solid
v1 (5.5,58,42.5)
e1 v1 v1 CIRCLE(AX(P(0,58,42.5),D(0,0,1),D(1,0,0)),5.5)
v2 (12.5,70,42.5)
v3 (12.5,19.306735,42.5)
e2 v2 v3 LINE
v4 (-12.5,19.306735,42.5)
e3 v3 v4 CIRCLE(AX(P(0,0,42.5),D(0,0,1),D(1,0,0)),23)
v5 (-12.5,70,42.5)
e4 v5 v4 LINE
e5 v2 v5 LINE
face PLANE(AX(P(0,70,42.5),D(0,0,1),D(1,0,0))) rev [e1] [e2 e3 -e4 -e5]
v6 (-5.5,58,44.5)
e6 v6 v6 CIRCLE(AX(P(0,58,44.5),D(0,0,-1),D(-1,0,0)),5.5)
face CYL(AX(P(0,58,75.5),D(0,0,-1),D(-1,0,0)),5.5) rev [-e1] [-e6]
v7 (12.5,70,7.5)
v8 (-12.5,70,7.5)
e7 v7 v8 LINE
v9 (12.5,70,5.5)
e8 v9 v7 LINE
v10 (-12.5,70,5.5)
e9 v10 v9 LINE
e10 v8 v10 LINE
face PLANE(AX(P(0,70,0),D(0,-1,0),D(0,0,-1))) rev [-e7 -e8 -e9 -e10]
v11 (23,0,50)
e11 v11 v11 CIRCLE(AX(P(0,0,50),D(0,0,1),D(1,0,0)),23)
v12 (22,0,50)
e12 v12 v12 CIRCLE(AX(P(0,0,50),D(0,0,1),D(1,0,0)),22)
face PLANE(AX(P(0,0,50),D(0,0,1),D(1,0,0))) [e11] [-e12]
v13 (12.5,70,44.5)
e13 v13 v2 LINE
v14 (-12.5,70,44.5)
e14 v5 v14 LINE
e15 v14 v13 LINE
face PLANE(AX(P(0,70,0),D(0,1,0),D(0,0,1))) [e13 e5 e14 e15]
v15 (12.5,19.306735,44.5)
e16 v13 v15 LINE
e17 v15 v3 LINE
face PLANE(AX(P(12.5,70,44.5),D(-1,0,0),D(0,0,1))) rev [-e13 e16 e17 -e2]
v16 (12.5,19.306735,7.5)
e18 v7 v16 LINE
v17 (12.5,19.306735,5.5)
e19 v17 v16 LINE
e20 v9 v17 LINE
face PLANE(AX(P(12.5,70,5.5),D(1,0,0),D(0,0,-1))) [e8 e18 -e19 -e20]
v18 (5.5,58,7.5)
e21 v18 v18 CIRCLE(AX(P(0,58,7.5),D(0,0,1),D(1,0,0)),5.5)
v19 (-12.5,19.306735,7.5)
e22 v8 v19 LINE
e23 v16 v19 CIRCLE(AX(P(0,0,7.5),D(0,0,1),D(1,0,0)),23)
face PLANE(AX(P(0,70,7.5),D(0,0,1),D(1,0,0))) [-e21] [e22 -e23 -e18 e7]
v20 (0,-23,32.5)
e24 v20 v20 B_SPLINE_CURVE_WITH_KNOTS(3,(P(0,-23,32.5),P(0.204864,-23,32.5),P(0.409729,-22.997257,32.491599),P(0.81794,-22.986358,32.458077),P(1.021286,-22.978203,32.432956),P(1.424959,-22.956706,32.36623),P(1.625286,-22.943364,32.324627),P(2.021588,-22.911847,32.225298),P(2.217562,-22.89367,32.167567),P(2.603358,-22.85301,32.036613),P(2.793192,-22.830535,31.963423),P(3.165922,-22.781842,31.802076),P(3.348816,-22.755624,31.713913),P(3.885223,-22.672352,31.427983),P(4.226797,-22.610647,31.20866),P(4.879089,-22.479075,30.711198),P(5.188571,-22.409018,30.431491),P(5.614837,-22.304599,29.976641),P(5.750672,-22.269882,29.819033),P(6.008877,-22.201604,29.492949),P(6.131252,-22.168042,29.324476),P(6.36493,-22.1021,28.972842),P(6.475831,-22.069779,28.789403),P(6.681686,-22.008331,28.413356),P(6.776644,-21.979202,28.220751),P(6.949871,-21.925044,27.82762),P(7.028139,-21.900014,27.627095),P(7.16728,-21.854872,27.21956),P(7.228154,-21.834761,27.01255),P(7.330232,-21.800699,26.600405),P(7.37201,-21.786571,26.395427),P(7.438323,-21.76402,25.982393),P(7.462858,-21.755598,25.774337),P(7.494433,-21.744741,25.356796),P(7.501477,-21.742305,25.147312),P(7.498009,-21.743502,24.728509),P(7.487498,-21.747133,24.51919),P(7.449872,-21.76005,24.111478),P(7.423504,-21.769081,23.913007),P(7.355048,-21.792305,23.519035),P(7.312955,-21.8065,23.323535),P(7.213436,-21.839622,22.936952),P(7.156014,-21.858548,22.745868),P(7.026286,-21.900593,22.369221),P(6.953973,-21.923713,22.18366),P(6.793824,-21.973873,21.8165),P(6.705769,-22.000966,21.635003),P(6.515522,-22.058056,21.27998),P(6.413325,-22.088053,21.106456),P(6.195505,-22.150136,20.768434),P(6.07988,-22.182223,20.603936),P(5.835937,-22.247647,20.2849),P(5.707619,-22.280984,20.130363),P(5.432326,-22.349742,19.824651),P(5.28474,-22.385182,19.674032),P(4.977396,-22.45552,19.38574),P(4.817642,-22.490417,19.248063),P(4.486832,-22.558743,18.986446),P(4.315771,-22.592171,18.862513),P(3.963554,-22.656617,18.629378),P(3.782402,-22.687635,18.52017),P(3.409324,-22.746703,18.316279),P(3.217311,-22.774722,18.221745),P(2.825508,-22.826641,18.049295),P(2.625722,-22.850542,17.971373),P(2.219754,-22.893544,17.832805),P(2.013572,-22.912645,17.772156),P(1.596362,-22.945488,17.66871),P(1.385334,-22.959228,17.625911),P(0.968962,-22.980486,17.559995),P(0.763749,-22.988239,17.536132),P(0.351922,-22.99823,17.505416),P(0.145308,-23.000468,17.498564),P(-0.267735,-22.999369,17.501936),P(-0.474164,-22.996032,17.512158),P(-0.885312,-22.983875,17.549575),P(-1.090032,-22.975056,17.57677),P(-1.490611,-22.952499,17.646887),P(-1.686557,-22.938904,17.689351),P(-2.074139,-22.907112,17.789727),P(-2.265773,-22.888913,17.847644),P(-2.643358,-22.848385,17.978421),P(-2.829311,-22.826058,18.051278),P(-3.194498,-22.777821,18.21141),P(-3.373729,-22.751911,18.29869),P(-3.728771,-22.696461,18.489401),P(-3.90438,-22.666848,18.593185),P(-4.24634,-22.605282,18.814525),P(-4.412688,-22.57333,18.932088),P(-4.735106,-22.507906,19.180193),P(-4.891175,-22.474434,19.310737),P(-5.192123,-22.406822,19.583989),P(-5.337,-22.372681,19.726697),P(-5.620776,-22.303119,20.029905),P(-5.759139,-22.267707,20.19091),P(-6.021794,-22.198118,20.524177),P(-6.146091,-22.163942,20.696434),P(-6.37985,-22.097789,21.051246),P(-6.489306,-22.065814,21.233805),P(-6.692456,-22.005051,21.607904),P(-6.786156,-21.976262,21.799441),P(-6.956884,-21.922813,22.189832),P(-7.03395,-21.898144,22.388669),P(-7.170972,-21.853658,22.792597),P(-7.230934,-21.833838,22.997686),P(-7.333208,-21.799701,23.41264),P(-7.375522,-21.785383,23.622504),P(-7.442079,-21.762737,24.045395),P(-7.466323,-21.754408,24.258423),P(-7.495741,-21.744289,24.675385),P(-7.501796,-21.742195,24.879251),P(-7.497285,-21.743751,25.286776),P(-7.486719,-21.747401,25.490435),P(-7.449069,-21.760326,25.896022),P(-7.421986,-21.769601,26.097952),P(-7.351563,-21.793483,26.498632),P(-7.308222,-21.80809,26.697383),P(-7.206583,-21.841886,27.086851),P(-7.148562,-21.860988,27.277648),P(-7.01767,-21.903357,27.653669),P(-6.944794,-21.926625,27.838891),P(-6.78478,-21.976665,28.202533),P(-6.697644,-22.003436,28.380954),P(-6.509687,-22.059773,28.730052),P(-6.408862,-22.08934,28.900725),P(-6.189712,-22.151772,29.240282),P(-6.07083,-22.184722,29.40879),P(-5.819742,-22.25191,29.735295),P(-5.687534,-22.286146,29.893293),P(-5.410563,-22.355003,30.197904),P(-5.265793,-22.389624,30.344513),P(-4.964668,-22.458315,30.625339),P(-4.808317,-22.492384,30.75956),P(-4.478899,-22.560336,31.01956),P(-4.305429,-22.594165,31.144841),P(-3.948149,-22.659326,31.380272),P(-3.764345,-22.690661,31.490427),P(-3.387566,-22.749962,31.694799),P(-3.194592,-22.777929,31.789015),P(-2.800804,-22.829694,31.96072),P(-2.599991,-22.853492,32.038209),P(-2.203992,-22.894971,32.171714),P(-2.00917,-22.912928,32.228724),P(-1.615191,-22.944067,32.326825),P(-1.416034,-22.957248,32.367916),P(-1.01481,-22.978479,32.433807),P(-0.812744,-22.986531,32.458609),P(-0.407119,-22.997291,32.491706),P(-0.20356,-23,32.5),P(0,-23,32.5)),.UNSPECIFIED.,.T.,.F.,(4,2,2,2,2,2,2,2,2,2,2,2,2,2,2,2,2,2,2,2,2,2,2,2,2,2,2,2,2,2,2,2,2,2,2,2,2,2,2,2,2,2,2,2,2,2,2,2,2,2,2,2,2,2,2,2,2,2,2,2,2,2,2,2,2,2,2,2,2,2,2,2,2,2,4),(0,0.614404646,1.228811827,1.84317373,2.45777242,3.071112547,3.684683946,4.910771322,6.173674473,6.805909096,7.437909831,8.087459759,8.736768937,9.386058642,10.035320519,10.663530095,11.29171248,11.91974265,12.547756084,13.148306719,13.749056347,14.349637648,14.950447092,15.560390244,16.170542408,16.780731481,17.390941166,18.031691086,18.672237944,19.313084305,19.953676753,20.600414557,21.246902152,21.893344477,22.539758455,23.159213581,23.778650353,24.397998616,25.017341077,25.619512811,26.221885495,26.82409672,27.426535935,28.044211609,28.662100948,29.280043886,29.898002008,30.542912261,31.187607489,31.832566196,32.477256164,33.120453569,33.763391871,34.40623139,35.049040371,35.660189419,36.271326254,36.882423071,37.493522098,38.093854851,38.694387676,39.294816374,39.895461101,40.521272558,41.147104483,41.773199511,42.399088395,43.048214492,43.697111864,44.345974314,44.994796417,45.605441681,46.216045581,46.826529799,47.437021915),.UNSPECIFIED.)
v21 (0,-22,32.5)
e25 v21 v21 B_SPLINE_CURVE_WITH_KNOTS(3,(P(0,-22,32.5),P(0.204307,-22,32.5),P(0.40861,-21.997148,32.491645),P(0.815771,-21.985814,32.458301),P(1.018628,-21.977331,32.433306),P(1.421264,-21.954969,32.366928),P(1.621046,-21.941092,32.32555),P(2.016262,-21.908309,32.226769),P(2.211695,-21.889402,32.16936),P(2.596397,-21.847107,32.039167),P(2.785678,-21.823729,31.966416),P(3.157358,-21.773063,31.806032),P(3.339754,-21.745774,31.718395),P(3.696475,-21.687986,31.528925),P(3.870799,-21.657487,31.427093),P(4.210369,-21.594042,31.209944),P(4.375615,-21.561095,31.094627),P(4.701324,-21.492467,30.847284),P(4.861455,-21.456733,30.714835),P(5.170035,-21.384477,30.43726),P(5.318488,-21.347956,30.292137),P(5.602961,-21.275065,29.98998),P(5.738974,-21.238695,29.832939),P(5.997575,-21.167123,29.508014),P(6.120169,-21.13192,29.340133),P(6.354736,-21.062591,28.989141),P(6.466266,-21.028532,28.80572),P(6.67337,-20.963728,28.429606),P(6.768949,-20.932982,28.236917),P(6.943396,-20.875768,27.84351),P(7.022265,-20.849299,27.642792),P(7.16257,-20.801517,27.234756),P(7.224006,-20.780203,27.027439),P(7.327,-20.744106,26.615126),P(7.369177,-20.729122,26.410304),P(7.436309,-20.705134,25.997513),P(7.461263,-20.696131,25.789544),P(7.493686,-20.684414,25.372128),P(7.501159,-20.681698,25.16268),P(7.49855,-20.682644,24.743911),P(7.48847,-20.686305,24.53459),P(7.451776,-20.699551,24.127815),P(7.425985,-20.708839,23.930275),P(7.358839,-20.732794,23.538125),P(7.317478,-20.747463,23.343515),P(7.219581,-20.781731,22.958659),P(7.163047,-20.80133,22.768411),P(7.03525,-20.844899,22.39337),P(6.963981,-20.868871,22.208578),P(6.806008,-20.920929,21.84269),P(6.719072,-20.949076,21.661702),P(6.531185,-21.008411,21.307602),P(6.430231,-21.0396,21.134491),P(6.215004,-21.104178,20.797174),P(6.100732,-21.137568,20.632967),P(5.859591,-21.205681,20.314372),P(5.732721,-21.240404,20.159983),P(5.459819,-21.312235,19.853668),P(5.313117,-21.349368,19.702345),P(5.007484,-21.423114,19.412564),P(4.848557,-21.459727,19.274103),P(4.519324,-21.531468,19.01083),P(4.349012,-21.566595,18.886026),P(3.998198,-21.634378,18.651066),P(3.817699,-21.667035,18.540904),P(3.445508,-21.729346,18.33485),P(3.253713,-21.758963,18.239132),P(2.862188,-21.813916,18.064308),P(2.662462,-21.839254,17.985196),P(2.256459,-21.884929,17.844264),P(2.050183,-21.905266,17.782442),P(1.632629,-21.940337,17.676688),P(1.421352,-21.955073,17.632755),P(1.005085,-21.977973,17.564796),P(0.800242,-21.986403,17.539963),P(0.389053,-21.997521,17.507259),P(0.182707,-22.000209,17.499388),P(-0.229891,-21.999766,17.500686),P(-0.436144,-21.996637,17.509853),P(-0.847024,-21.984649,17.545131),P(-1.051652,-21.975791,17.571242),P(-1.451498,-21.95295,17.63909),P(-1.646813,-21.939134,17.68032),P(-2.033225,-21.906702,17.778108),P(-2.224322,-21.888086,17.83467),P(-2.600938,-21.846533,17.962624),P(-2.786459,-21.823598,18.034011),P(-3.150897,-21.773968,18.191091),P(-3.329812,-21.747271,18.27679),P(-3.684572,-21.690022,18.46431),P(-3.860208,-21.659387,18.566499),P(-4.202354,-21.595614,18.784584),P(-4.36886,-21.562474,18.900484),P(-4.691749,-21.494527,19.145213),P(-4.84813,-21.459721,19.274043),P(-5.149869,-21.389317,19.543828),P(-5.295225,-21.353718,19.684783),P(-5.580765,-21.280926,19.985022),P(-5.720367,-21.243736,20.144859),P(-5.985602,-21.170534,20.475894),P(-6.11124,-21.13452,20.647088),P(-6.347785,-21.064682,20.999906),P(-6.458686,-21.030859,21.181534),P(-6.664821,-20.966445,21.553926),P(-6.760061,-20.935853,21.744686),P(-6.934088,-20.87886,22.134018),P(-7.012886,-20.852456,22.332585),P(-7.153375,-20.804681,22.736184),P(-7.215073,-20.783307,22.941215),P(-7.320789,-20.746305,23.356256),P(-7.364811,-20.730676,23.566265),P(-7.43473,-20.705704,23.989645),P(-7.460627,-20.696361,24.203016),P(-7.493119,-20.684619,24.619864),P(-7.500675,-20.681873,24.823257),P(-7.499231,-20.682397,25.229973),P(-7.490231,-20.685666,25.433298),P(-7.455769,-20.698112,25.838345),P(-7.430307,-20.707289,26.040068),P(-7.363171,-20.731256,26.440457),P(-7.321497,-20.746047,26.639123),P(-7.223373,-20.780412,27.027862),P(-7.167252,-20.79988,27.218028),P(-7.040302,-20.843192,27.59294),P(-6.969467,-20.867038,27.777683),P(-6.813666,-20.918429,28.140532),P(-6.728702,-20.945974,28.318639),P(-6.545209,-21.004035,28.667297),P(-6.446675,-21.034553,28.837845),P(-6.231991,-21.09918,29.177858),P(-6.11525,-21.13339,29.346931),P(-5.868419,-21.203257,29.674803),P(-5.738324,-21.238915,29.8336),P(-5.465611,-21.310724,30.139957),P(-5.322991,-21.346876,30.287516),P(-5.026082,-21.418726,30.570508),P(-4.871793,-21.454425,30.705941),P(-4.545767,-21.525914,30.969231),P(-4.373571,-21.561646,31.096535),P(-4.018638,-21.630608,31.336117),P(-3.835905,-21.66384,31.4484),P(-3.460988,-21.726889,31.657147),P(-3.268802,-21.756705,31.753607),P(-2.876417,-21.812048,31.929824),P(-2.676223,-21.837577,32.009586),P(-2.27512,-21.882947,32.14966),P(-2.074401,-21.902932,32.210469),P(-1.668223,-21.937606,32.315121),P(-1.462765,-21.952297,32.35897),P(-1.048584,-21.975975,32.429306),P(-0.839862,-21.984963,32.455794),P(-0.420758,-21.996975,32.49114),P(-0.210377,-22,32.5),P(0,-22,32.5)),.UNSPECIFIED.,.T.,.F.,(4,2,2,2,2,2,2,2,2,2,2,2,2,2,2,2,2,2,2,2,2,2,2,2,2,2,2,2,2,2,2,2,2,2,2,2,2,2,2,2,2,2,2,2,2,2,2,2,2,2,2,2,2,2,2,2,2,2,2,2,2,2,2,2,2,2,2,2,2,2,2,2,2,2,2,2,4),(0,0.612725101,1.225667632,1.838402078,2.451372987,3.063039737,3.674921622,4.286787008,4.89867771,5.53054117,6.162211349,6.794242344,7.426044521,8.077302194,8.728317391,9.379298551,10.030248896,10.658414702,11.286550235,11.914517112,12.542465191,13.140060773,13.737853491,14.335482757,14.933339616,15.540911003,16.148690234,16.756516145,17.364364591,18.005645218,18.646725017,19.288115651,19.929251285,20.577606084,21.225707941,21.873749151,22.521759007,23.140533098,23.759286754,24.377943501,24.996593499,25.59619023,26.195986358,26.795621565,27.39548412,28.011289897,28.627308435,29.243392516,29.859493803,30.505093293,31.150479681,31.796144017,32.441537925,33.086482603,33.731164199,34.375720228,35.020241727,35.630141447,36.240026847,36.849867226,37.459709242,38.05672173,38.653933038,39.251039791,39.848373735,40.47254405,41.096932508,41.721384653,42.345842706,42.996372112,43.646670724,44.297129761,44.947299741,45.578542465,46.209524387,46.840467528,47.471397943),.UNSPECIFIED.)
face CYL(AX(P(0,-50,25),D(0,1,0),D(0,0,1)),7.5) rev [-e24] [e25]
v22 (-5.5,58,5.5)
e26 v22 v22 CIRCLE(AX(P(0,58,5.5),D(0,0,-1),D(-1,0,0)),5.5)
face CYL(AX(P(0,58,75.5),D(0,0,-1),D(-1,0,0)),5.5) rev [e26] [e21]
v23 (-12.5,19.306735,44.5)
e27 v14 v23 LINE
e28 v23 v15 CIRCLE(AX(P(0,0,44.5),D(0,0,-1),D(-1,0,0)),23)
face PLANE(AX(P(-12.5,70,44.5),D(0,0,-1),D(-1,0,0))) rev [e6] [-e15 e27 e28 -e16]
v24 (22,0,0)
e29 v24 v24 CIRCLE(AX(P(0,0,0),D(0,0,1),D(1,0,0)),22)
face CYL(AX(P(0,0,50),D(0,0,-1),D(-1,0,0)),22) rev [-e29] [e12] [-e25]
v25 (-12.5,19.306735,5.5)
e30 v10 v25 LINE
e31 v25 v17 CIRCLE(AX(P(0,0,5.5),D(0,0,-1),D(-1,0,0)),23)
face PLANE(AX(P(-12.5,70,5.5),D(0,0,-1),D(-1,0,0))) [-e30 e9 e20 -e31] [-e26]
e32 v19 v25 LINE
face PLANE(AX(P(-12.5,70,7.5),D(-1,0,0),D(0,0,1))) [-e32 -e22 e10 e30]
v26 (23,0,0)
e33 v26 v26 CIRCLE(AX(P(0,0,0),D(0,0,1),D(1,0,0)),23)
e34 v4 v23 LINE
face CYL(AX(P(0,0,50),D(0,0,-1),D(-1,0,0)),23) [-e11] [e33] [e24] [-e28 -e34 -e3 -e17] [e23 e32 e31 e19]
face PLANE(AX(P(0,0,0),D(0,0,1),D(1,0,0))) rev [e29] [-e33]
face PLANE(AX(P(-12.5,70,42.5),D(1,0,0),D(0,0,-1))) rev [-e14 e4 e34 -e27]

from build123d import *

# Parameters (mm, degrees)
ESBO_O1_R                = 23
ESBO_O1_R_2              = 22
RESSALTO_EXTRUS_O1_DEPTH = 50
ESBO_O2_R                = 7.5
CORTE_EXTRUS_O1_DEPTH    = 50
RESSALTO_EXTRUS_O2_DEPTH = 70
ESBO_O4_R                = 22
CORTE_EXTRUS_O2_DEPTH    = 70
ESBO_O7_R                = 5.5
CORTE_EXTRUS_O4_DEPTH    = 70


with BuildPart() as part:
    # Esboço1 → Ressalto-extrusão1 (new body)
    with BuildSketch(Plane.XY):
        Circle(ESBO_O1_R)
        Circle(ESBO_O1_R_2, mode=Mode.SUBTRACT)
    extrude(amount=RESSALTO_EXTRUS_O1_DEPTH)

    # Esboço2 → Corte-extrusão1 (cut)
    with BuildSketch(Plane(origin=(0, 0, 0), x_dir=(1, 0, 0), z_dir=(0, 1, 0))):
        with Locations(Location((0, -25, 0), (0, 0, 270))):
            Circle(ESBO_O2_R)
    extrude(amount=-CORTE_EXTRUS_O1_DEPTH, mode=Mode.SUBTRACT)

    # Esboço3 → Ressalto-extrusão2 (add)
    with BuildSketch(Plane(origin=(0, 0, 0), x_dir=(1, 0, 0), z_dir=(0, 1, 0))):
        Polygon((0, -7.5), (-12.5, -7.5), (-12.5, -5.5), (12.5, -5.5), (12.5, -7.5), align=None)
        Polygon((0, -42.5), (-12.5, -42.5), (-12.5, -44.5), (12.5, -44.5), (12.5, -42.5), align=None)
    extrude(amount=RESSALTO_EXTRUS_O2_DEPTH)

    # Esboço4 → Corte-extrusão2 (cut)
    with BuildSketch(Plane(origin=(0, 0, 5.5), x_dir=(-1, 0, 0), z_dir=(0, 0, -1))):
        with Locations(Location((0, 0, 0), (0, 0, 180))):
            Circle(ESBO_O4_R)
    extrude(amount=-CORTE_EXTRUS_O2_DEPTH, mode=Mode.SUBTRACT)

    # Esboço7 → Corte-extrusão4 (cut)
    with BuildSketch(Plane(origin=(0, 0, 5.5), x_dir=(-1, 0, 0), z_dir=(0, 0, -1))):
        with Locations((0, 58)):
            Circle(ESBO_O7_R)
    extrude(amount=-CORTE_EXTRUS_O4_DEPTH, mode=Mode.SUBTRACT)


solid = part.part
